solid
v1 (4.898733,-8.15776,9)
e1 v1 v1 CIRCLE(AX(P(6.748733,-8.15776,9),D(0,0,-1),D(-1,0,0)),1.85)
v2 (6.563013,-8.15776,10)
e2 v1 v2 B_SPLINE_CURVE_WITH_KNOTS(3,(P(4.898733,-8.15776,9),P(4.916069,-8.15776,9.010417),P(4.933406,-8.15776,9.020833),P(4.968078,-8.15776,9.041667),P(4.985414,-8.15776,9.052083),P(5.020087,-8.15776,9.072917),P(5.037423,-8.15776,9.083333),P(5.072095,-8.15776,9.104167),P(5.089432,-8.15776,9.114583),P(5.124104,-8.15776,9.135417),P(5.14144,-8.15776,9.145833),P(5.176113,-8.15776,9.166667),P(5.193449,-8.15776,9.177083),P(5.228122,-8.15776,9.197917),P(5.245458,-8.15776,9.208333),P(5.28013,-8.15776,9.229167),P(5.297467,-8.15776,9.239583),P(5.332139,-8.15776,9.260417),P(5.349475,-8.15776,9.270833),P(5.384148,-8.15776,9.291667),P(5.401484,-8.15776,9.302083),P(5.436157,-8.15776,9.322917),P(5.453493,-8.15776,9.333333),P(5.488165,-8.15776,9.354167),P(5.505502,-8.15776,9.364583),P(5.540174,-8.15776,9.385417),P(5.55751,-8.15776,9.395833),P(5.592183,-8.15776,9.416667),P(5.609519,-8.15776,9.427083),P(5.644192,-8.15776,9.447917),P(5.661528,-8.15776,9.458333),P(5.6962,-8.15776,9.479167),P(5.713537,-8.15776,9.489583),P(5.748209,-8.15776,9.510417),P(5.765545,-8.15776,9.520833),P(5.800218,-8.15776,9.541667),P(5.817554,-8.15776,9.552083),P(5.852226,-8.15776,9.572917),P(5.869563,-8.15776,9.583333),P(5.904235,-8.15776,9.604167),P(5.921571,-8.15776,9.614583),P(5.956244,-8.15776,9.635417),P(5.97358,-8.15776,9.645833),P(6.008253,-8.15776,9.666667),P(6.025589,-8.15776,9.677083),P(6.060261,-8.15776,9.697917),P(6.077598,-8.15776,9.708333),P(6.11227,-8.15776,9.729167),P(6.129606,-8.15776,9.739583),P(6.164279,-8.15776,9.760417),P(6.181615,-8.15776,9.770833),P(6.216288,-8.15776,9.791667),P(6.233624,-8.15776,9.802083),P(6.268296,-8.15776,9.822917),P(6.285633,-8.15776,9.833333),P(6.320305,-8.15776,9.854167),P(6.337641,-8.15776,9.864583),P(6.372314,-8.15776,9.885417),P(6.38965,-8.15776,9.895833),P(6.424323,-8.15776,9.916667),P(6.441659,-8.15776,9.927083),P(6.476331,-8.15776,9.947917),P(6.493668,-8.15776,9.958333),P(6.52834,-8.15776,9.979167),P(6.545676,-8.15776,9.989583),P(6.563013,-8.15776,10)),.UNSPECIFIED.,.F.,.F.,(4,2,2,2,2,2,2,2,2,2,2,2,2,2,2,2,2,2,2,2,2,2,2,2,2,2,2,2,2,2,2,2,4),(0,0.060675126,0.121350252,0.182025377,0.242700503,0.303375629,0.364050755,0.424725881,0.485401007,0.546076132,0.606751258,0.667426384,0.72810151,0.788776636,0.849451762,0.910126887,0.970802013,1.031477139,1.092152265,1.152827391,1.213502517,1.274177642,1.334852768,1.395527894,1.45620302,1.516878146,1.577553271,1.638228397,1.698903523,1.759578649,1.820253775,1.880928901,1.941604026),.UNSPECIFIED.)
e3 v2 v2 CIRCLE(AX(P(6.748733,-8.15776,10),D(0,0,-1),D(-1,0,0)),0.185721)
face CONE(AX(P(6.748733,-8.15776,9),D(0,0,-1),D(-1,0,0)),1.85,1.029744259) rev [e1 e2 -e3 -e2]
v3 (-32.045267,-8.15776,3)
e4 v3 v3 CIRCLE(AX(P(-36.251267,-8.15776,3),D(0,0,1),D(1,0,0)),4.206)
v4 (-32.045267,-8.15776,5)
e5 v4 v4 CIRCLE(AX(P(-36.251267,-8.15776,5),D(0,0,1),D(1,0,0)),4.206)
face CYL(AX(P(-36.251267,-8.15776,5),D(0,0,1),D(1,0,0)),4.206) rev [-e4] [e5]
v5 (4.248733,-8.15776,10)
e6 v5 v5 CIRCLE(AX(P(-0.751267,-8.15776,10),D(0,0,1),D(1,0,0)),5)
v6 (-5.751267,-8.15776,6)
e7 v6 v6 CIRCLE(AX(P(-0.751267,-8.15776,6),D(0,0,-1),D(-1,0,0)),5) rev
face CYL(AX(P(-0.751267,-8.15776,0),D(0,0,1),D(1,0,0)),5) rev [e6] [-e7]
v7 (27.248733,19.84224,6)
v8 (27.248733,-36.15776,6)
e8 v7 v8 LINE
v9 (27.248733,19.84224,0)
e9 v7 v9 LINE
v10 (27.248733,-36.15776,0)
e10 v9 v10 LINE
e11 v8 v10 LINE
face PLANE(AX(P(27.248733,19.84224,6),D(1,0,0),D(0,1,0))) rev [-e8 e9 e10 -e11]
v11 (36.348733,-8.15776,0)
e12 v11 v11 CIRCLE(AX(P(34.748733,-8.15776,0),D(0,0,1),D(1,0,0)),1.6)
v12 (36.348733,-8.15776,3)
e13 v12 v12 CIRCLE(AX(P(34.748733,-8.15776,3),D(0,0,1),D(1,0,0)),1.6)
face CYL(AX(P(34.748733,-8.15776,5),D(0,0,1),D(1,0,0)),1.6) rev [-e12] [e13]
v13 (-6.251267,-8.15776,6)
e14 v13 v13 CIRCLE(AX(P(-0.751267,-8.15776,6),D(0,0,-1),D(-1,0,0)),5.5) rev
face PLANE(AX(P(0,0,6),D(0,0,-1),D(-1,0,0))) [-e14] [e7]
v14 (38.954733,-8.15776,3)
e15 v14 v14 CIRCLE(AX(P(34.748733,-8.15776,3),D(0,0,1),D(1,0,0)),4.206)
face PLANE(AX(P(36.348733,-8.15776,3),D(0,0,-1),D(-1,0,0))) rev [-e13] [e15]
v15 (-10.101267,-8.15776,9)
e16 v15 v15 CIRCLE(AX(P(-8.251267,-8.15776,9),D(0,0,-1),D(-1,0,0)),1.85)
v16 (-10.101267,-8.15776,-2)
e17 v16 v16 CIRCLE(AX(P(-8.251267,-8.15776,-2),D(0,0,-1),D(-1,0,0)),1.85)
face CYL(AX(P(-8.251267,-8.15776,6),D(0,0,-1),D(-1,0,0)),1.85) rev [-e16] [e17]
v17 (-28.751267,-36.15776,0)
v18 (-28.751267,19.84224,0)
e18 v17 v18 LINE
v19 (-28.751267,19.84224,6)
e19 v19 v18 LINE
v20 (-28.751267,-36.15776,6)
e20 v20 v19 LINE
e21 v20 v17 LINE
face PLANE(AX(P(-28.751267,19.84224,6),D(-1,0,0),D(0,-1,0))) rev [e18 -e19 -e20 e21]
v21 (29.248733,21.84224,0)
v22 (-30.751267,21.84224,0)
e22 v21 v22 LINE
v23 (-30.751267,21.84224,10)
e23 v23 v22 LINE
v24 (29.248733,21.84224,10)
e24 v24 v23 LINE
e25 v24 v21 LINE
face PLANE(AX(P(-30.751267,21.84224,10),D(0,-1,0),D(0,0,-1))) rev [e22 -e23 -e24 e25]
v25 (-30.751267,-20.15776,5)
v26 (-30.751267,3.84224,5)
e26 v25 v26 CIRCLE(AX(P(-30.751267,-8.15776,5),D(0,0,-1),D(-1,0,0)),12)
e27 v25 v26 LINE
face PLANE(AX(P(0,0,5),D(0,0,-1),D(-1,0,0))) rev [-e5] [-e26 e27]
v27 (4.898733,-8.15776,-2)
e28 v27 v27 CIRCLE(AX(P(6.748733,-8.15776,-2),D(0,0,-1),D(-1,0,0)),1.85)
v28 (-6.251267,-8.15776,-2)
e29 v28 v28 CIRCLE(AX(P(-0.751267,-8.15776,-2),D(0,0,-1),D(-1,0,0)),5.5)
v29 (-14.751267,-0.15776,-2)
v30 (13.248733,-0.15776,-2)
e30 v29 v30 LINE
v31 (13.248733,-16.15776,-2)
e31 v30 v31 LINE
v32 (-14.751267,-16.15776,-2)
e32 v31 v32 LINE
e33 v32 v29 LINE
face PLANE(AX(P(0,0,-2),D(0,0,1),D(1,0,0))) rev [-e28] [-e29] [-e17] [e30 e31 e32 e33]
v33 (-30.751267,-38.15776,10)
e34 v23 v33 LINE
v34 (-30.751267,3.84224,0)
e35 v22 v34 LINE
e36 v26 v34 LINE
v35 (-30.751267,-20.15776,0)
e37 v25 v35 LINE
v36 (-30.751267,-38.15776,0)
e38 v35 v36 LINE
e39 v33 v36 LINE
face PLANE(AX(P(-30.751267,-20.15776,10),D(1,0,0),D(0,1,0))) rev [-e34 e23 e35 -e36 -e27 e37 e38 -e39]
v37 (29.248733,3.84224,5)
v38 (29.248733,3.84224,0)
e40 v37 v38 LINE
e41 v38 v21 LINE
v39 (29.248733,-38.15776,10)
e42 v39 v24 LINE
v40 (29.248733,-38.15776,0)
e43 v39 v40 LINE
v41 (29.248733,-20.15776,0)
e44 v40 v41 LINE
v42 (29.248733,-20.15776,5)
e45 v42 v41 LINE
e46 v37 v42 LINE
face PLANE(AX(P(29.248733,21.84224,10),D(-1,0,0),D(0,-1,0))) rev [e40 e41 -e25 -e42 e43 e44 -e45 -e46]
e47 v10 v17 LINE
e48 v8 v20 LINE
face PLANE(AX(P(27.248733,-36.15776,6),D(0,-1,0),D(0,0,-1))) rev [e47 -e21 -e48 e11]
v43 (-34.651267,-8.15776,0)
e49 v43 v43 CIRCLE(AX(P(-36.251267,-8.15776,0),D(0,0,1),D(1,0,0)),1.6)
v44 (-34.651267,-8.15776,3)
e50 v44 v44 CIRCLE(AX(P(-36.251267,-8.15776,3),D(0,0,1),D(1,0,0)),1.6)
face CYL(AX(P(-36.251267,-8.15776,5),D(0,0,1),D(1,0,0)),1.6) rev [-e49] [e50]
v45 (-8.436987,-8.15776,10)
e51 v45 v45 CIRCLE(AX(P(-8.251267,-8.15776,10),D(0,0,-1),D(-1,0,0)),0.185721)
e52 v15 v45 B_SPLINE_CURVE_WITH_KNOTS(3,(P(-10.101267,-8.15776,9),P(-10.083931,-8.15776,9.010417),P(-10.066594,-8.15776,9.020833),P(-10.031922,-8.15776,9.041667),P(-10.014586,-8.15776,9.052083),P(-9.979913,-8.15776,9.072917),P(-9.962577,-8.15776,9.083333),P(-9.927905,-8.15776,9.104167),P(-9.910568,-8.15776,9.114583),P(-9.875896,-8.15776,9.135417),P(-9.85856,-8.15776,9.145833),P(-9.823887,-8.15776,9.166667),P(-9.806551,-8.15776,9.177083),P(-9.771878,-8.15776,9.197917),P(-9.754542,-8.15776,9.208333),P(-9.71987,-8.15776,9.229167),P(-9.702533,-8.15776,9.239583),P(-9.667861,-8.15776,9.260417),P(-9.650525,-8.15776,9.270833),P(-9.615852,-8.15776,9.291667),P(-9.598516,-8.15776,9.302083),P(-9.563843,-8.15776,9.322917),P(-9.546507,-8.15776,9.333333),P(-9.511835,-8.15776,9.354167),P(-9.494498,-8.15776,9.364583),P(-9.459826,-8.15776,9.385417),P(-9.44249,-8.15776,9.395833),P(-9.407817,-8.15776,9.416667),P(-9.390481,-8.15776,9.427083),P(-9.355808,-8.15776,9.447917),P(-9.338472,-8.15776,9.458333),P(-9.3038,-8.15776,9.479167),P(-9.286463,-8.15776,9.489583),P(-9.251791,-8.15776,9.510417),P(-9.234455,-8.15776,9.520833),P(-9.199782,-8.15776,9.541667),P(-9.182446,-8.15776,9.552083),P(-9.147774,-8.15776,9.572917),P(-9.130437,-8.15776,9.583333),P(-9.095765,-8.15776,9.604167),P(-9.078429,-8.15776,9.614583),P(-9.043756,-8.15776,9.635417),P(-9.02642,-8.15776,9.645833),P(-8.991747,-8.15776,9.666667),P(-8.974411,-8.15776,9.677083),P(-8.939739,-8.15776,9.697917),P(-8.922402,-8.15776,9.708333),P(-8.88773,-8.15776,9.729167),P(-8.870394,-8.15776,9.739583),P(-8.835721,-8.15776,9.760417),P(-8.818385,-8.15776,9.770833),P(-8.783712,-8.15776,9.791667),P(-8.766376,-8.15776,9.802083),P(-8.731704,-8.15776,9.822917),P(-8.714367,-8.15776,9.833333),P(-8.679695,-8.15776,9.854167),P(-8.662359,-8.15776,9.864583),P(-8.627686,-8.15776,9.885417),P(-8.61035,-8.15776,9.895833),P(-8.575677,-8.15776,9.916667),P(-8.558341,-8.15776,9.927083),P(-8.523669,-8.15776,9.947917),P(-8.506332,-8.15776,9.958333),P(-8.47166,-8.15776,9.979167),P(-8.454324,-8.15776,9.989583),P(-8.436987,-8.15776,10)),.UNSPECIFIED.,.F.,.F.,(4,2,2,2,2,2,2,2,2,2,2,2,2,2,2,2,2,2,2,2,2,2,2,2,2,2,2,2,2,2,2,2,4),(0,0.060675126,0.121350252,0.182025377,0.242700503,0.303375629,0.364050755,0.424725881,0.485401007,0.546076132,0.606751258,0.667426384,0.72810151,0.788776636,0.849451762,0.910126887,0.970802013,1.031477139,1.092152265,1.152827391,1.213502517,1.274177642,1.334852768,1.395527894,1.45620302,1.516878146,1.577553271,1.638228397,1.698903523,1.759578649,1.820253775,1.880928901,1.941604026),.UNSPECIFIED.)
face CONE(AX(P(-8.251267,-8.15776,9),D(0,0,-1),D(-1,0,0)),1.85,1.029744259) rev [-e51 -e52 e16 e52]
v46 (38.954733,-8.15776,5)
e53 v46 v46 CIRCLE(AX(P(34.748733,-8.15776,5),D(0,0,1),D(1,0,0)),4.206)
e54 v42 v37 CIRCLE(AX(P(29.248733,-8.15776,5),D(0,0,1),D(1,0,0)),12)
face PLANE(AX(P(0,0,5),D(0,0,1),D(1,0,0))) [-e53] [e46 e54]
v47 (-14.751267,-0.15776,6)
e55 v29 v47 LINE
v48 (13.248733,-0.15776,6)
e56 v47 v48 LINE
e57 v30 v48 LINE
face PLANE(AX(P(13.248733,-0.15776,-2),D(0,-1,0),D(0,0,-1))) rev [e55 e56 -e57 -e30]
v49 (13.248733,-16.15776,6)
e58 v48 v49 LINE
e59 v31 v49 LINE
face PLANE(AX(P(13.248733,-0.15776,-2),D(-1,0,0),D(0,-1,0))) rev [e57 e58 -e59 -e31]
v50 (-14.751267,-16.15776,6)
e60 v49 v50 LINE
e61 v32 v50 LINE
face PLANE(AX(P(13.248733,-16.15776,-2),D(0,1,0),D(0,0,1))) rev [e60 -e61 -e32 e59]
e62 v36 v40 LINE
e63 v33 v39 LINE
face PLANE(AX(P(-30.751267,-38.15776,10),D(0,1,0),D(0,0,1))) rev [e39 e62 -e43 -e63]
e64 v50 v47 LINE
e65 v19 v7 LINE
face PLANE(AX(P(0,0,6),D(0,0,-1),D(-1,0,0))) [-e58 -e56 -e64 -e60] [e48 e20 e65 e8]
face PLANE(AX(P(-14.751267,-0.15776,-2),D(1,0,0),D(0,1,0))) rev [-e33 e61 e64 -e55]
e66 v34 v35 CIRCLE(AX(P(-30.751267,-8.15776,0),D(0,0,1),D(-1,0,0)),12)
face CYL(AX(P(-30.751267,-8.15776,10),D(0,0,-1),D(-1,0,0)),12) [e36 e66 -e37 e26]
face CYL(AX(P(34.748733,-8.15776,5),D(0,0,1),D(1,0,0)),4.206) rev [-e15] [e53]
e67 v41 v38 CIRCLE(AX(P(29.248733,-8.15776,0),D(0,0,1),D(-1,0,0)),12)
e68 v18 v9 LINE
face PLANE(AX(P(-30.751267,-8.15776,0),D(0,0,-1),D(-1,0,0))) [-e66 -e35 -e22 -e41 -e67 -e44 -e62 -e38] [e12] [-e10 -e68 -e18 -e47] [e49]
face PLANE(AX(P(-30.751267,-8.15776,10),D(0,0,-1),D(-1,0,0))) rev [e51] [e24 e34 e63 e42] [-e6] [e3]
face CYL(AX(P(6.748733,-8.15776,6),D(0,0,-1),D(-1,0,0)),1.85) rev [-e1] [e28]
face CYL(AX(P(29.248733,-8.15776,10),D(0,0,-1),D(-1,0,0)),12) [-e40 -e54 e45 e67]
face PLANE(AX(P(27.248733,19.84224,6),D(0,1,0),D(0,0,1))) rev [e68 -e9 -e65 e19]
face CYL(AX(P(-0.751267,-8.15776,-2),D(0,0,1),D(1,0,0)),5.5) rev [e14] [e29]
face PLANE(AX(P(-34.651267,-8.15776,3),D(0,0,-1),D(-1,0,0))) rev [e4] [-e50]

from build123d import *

# Parameters (mm, degrees)
BOSS_EXTRU_1_DEPTH                                = 10
ESQUISSE2_R                                       = 5.000000000000001
ENL_V_MAT_EXTRU_1_DEPTH                           = 59.16945460210114
ENL_V_MAT_EXTRU_5_DEPTH                           = 6
D_GAGEMENT_M3_52_D                                = 3.7
D_GAGEMENT_M3_52_DEPTH                            = 3
D_GAGEMENT_M3_52_TIP                              = 1.1115921452009865
ESQUISSE16_W                                      = 32.38443417416177
ESQUISSE16_H                                      = 29.10998154186418
ENL_V_MAT_EXTRU_6_DEPTH                           = 5
CHAMBRAGE_POUR_VIS_T_TE_HEXAGONALE_M3_D           = 3.2
CHAMBRAGE_POUR_VIS_T_TE_HEXAGONALE_M3_CBORE_D     = 8.412
CHAMBRAGE_POUR_VIS_T_TE_HEXAGONALE_M3_CBORE_DEPTH = 2
SKETCH1_R                                         = 1.8499999999999994
SKETCH1_R_2                                       = 1.8499999999999885
SKETCH1_R_3                                       = 5.5
BOSS_EXTRUDE1_DEPTH                               = 8


with BuildPart() as part:
    # Esquisse1 → Boss.-Extru.1 (new body)
    with BuildSketch(Plane.XY):
        with BuildLine():
            Line((-30.751266961285342, 21.842240344710792), (1.248733038714648, 21.842240344710792))
            Line((1.248733038714648, 21.842240344710792), (29.248733038714647, 21.842240344710792))
            Line((29.248733038714647, 21.842240344710792), (29.24873303871465, 3.8422403447107913))
            ThreePointArc((29.24873303871465, 3.8422403447107913), (41.24873303871465, -8.157759655289208), (29.24873303871465, -20.157759655289208))
            Line((29.24873303871465, -20.157759655289208), (29.248733038714654, -38.15775965528921))
            Line((29.248733038714654, -38.15775965528921), (-30.751266961285342, -38.15775965528921))
            Line((-30.751266961285342, -38.15775965528921), (-30.751266961285346, -20.157759655289208))
            ThreePointArc((-30.751266961285346, -20.157759655289208), (-42.75126696128535, -8.15775965528921), (-30.751266961285346, 3.8422403447107913))
            Line((-30.751266961285346, 3.8422403447107913), (-30.751266961285342, 21.842240344710792))
        make_face()
    extrude(amount=BOSS_EXTRU_1_DEPTH)

    # Esquisse2 → Enlèv. mat.-Extru.1 (cut, through all)
    with BuildSketch(Plane.XY.offset(10)):
        with Locations((-0.7512669612853434, -8.157759655289208)):
            Circle(ESQUISSE2_R)
    extrude(amount=-ENL_V_MAT_EXTRU_1_DEPTH, mode=Mode.SUBTRACT)

    # Esquisse13 → Enlèv. mat.-Extru.5 (cut)
    with BuildSketch(Plane(origin=(0, 0, 0), x_dir=(-1, 0, 0), z_dir=(0, 0, -1))):
        Polygon((-27.248733038714654, 19.842240344710792), (28.751266961285335, 19.842240344710792), (28.751266961285346, -36.15775965528921), (-27.248733038714647, -36.15775965528921), align=None)
    extrude(amount=-ENL_V_MAT_EXTRU_5_DEPTH, mode=Mode.SUBTRACT)

    # Dégagement M3.52
    with Locations(Plane(origin=(0, 0, 6), x_dir=(-1, 0, 0), z_dir=(0, 0, -1))):
        with Locations((8.251266961, -8.157759655), (-6.748733039, -8.157759655)):
            Hole(D_GAGEMENT_M3_52_D / 2, depth=D_GAGEMENT_M3_52_DEPTH)
            with Locations((0, 0, -(D_GAGEMENT_M3_52_DEPTH + D_GAGEMENT_M3_52_TIP / 2))):  # 118° drill point
                Cone(0, D_GAGEMENT_M3_52_D / 2, D_GAGEMENT_M3_52_TIP, mode=Mode.SUBTRACT)

    # Esquisse16 → Enlèv. mat.-Extru.6 (cut)
    with BuildSketch(Plane.XY.offset(10)):
        Polygon((-30.75126696128535, 3.8422403447107913), (-47.0482075621835, 3.8422403447107896), (-47.0482075621835, -23.80458867239539), (-30.75126696128535, -23.804588672395386), align=None)
        with Locations((45.44095012579554, -10.712750426221298)):
            Rectangle(ESQUISSE16_W, ESQUISSE16_H)
    extrude(amount=-ENL_V_MAT_EXTRU_6_DEPTH, mode=Mode.SUBTRACT)

    # Chambrage pour vis à tête hexagonale M3 (Grade A)1 (through all)
    with Locations(Plane.XY.offset(5)):
        with Locations((34.748733039, -8.157759655), (-36.251266961, -8.157759655)):
            CounterBoreHole(CHAMBRAGE_POUR_VIS_T_TE_HEXAGONALE_M3_D / 2, CHAMBRAGE_POUR_VIS_T_TE_HEXAGONALE_M3_CBORE_D / 2, CHAMBRAGE_POUR_VIS_T_TE_HEXAGONALE_M3_CBORE_DEPTH)

    # Sketch1 → Boss-Extrude1 (add)
    with BuildSketch(Plane(origin=(0, 0, 6), x_dir=(-1, 0, 0), z_dir=(0, 0, -1))):
        Polygon((-13.248733038714654, -0.15775965528920868), (-13.248733038714652, -16.157759655289208), (14.751266961285353, -16.157759655289208), (14.751266961285348, -0.15775965528920868), align=None)
        with Locations((-6.748733038714656, -8.15775965528921)):
            Circle(SKETCH1_R, mode=Mode.SUBTRACT)
        with Locations((8.251266961285344, -8.15775965528921)):
            Circle(SKETCH1_R_2, mode=Mode.SUBTRACT)
        with Locations((0.7512669612853434, -8.157759655289208)):
            Circle(SKETCH1_R_3, mode=Mode.SUBTRACT)
    extrude(amount=BOSS_EXTRUDE1_DEPTH)


solid = part.part
